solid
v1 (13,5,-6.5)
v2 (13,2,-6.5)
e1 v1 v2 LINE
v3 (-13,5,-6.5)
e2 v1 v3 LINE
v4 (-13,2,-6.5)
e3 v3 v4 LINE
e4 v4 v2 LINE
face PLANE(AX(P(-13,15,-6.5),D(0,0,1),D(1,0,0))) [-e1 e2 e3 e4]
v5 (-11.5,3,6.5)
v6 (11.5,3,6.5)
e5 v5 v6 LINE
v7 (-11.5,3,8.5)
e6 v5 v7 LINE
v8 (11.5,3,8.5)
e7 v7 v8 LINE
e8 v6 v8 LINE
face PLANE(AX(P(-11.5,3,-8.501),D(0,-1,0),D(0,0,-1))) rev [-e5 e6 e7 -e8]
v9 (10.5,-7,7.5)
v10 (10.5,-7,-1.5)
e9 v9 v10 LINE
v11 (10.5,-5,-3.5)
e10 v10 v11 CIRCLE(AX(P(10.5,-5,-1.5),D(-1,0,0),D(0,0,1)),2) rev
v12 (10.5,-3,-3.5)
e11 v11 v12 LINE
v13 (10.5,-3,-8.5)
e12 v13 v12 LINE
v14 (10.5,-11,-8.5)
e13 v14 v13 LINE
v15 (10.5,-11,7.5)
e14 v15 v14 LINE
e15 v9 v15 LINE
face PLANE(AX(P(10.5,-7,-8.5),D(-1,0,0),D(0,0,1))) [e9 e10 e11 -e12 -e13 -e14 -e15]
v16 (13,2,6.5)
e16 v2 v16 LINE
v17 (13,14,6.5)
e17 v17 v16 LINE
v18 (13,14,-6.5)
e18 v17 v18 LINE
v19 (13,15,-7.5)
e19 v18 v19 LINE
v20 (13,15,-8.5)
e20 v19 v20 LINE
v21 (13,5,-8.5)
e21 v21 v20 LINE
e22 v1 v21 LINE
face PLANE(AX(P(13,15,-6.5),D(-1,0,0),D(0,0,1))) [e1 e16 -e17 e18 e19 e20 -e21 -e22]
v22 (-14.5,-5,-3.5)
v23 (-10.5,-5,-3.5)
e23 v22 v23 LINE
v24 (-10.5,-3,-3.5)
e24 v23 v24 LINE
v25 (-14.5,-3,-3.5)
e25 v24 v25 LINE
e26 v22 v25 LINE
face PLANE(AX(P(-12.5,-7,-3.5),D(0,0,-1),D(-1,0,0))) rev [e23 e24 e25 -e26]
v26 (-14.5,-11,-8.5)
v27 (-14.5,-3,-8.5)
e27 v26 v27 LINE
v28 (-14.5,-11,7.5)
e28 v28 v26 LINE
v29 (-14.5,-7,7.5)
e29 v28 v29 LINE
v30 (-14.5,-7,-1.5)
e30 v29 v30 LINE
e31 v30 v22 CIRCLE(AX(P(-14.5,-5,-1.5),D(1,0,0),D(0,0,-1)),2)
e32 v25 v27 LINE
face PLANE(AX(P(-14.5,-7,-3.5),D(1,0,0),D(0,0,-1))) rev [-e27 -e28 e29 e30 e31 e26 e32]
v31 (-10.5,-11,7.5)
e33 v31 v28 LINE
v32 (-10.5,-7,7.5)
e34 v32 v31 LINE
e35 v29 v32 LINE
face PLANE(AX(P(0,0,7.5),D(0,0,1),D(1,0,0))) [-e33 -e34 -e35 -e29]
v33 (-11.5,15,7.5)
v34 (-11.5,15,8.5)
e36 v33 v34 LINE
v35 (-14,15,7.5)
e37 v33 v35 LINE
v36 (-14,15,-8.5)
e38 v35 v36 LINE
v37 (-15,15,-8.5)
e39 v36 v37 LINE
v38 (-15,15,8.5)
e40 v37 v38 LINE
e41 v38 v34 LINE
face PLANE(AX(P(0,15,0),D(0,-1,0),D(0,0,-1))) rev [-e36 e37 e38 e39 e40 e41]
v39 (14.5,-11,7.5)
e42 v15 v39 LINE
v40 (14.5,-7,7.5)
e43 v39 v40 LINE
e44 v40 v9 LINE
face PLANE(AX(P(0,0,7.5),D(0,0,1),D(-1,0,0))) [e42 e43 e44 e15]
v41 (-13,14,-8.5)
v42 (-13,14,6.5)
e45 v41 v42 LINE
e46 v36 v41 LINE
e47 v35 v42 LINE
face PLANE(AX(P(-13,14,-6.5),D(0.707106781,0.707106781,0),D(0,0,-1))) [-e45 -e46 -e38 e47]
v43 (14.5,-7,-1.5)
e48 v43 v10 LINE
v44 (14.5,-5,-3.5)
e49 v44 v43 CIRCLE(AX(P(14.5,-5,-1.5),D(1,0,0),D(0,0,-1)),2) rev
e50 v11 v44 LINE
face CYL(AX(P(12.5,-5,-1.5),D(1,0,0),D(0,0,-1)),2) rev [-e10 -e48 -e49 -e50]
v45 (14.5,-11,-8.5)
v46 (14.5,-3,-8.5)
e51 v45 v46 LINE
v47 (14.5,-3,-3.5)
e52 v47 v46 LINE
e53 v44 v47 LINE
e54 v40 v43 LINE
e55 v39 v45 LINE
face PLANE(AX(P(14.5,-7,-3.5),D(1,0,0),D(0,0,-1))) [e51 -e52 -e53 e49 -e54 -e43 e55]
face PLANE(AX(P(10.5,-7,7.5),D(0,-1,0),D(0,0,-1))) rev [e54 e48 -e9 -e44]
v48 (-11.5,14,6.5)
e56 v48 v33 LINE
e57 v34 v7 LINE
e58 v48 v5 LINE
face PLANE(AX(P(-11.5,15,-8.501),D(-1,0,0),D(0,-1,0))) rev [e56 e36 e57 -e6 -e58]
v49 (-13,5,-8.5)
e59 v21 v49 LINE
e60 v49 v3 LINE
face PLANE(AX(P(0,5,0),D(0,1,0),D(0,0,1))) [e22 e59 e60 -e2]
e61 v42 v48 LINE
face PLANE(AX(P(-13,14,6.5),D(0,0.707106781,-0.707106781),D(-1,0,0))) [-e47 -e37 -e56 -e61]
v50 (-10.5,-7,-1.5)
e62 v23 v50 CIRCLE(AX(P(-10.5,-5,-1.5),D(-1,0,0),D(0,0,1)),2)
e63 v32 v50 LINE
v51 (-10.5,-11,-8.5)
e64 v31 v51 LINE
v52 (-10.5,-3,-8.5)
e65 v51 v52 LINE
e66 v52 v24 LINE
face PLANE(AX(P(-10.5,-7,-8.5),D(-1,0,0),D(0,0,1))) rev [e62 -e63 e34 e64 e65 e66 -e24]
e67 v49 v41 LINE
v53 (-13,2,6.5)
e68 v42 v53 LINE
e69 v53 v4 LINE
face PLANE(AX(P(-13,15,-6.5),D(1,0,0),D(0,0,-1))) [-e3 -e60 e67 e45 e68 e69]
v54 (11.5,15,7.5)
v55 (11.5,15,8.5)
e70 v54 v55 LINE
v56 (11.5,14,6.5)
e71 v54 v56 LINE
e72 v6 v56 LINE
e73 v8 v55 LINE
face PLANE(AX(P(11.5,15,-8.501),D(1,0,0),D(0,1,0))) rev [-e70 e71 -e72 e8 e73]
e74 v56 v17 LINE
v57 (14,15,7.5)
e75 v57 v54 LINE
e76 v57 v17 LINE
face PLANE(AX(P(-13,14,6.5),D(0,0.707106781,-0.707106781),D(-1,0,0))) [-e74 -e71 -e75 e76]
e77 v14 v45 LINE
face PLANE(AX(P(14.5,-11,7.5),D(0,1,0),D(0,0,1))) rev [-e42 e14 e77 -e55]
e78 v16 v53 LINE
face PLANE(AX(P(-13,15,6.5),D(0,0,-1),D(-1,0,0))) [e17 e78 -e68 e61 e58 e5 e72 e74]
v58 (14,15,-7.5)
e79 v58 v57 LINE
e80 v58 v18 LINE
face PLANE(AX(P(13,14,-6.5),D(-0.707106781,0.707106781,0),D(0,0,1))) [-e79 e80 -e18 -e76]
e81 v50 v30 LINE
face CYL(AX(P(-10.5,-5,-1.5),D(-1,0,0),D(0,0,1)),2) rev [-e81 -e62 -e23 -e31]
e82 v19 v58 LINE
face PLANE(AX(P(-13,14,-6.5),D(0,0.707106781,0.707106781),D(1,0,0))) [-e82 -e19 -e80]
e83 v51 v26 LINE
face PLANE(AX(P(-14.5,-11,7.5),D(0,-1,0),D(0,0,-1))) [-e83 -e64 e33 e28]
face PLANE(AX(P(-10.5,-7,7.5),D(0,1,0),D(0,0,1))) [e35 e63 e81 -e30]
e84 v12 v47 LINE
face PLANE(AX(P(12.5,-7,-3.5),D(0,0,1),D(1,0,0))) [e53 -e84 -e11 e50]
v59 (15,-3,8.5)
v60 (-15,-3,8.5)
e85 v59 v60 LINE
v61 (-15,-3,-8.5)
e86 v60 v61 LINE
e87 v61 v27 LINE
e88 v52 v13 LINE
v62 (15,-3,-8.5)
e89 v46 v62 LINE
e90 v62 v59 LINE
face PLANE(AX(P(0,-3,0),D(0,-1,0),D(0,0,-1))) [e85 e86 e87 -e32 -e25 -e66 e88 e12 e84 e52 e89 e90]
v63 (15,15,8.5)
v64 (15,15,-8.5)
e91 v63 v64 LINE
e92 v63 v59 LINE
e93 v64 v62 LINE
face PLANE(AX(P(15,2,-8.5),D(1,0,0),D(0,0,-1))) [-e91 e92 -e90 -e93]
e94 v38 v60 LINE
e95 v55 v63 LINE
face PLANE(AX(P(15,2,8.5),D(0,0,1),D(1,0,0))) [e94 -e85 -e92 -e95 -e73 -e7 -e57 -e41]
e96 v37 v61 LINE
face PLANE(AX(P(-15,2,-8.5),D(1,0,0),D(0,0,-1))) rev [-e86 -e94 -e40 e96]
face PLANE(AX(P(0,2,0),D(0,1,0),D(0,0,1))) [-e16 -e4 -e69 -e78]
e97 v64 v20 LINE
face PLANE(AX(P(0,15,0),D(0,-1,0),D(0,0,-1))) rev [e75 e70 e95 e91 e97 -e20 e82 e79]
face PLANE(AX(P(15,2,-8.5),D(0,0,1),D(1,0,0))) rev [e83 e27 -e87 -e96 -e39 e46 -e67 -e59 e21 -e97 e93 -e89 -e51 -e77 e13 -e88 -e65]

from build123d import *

# Parameters (mm, degrees)
SKETCH_2_W          = 30
SKETCH_2_H          = 17
EXTRUDE_1_DEPTH     = 2
SKETCH_2_3_W        = 30
SKETCH_2_3_H        = 17
SKETCH_2_3_W_2      = 26
SKETCH_2_3_H_2      = 13
EXTRUDE_2_DEPTH     = 15
CUT_EXTRUDE_1_REACH = 29.185
SKETCH_3_W          = 23
SKETCH_3_H          = 12
CUT_EXTRUDE_2_REACH = 27.981
SKETCH_4_W          = 12
SKETCH_4_H          = 6
CHAMFER_2_SIZE      = 1
SKETCH_5_W          = 30
SKETCH_5_H          = 17
EXTRUDE_3_DEPTH     = 3
EXTRUDE_4_DEPTH     = 4
SKETCH_7_W          = 4
SKETCH_7_H          = 4
EXTRUDE_5_DEPTH     = 16
FILLET_1_R          = 2
CUT_EXTRUDE_3_DEPTH = 10


with BuildPart() as part:
    # 草图2 → 凸台-拉伸1 (new body)
    with BuildSketch(Plane(origin=(0, 0, 0), x_dir=(1, 0, 0), z_dir=(0, 1, 0))):
        Rectangle(SKETCH_2_W, SKETCH_2_H)
    extrude(amount=EXTRUDE_1_DEPTH)

    # 草图2<3> → 凸台-拉伸2 (add)
    with BuildSketch(Plane(origin=(0, 0, 0), x_dir=(1, 0, 0), z_dir=(0, 1, 0))):
        Rectangle(SKETCH_2_3_W, SKETCH_2_3_H)
        Rectangle(SKETCH_2_3_W_2, SKETCH_2_3_H_2, mode=Mode.SUBTRACT)
    extrude(amount=EXTRUDE_2_DEPTH)

    # 草图3 → 切除-拉伸1 (cut, up to next)
    with BuildSketch(Plane.XY.offset(8.5), mode=Mode.PRIVATE) as cut_extrude_1_sk1:
        with Locations((0, 9)):
            Rectangle(SKETCH_3_W, SKETCH_3_H)
    cut_extrude_1_tool1 = extrude(cut_extrude_1_sk1.sketch, amount=-CUT_EXTRUDE_1_REACH, mode=Mode.PRIVATE) & part.part
    add(cut_extrude_1_tool1.solids().sort_by_distance((0, 9, 8.5))[0], mode=Mode.SUBTRACT)

    # 草图4 → 切除-拉伸2 (cut, up to next)
    with BuildSketch(Plane.XY.offset(-6.5), mode=Mode.PRIVATE) as cut_extrude_2_sk1:
        with Locations((-7, 12)):
            Rectangle(SKETCH_4_W, SKETCH_4_H)
    cut_extrude_2_tool1 = extrude(cut_extrude_2_sk1.sketch, amount=-CUT_EXTRUDE_2_REACH, mode=Mode.PRIVATE) & part.part
    add(cut_extrude_2_tool1.solids().sort_by_distance((-7, 12, -6.5))[0], mode=Mode.SUBTRACT)

    # 倒角2
    chamfer_2_edges = [part.edges().sort_by_distance(p)[0] for p in [
        (13, 15, 0),
        (6, 15, -6.5),
        (-13, 15, -1),
        (-12.25, 15, 6.5),
        (12.25, 15, 6.5),
    ]]
    chamfer(chamfer_2_edges, length=CHAMFER_2_SIZE)

    # 草图5 → 凸台-拉伸3 (add)
    with BuildSketch(Plane.XZ):
        Rectangle(SKETCH_5_W, SKETCH_5_H)
    extrude(amount=EXTRUDE_3_DEPTH)

    # 草图6 → 凸台-拉伸4 (add)
    with BuildSketch(Plane.XZ.offset(3)):
        Polygon((-12.5, -3.5), (-10.5, -3.5), (-10.5, -8.5), (-14.5, -8.5), (-14.5, -3.5), align=None)
    extrude_4 = extrude(amount=EXTRUDE_4_DEPTH)

    # 草图7 → 凸台-拉伸5 (add)
    with BuildSketch(Plane(origin=(0, 0, -8.5), x_dir=(-1, 0, 0), z_dir=(0, 0, -1))):
        with Locations((12.5, -9)):
            Rectangle(SKETCH_7_W, SKETCH_7_H)
    extrude_5 = extrude(amount=-EXTRUDE_5_DEPTH)

    # 镜向1: 凸台-拉伸4, 凸台-拉伸5 across plane
    add(extrude_4.mirror(Plane(origin=(0, 0, 0), x_dir=(0, 0, 1), z_dir=(1, 0, 0))))
    add(extrude_5.mirror(Plane(origin=(0, 0, 0), x_dir=(0, 0, 1), z_dir=(1, 0, 0))))

    # 圆角1
    fillet_1_edges = [part.edges().sort_by_distance(p)[0] for p in [
        (-12.5, -7, -3.5),
        (12.5, -7, -3.5),
    ]]
    fillet(fillet_1_edges, radius=FILLET_1_R)

    # 草图8 → 切除-拉伸3 (cut)
    with BuildSketch(Plane(origin=(0, 15, 0), x_dir=(1, 0, 0), z_dir=(0, 1, 0))):
        Polygon((13, 6.5), (13, 9.517493256), (-13, 9.517493256), (-13, 5.799908087), (12.835608811, 5.799908087), align=None)
    extrude(amount=-CUT_EXTRUDE_3_DEPTH, mode=Mode.SUBTRACT)


solid = part.part
